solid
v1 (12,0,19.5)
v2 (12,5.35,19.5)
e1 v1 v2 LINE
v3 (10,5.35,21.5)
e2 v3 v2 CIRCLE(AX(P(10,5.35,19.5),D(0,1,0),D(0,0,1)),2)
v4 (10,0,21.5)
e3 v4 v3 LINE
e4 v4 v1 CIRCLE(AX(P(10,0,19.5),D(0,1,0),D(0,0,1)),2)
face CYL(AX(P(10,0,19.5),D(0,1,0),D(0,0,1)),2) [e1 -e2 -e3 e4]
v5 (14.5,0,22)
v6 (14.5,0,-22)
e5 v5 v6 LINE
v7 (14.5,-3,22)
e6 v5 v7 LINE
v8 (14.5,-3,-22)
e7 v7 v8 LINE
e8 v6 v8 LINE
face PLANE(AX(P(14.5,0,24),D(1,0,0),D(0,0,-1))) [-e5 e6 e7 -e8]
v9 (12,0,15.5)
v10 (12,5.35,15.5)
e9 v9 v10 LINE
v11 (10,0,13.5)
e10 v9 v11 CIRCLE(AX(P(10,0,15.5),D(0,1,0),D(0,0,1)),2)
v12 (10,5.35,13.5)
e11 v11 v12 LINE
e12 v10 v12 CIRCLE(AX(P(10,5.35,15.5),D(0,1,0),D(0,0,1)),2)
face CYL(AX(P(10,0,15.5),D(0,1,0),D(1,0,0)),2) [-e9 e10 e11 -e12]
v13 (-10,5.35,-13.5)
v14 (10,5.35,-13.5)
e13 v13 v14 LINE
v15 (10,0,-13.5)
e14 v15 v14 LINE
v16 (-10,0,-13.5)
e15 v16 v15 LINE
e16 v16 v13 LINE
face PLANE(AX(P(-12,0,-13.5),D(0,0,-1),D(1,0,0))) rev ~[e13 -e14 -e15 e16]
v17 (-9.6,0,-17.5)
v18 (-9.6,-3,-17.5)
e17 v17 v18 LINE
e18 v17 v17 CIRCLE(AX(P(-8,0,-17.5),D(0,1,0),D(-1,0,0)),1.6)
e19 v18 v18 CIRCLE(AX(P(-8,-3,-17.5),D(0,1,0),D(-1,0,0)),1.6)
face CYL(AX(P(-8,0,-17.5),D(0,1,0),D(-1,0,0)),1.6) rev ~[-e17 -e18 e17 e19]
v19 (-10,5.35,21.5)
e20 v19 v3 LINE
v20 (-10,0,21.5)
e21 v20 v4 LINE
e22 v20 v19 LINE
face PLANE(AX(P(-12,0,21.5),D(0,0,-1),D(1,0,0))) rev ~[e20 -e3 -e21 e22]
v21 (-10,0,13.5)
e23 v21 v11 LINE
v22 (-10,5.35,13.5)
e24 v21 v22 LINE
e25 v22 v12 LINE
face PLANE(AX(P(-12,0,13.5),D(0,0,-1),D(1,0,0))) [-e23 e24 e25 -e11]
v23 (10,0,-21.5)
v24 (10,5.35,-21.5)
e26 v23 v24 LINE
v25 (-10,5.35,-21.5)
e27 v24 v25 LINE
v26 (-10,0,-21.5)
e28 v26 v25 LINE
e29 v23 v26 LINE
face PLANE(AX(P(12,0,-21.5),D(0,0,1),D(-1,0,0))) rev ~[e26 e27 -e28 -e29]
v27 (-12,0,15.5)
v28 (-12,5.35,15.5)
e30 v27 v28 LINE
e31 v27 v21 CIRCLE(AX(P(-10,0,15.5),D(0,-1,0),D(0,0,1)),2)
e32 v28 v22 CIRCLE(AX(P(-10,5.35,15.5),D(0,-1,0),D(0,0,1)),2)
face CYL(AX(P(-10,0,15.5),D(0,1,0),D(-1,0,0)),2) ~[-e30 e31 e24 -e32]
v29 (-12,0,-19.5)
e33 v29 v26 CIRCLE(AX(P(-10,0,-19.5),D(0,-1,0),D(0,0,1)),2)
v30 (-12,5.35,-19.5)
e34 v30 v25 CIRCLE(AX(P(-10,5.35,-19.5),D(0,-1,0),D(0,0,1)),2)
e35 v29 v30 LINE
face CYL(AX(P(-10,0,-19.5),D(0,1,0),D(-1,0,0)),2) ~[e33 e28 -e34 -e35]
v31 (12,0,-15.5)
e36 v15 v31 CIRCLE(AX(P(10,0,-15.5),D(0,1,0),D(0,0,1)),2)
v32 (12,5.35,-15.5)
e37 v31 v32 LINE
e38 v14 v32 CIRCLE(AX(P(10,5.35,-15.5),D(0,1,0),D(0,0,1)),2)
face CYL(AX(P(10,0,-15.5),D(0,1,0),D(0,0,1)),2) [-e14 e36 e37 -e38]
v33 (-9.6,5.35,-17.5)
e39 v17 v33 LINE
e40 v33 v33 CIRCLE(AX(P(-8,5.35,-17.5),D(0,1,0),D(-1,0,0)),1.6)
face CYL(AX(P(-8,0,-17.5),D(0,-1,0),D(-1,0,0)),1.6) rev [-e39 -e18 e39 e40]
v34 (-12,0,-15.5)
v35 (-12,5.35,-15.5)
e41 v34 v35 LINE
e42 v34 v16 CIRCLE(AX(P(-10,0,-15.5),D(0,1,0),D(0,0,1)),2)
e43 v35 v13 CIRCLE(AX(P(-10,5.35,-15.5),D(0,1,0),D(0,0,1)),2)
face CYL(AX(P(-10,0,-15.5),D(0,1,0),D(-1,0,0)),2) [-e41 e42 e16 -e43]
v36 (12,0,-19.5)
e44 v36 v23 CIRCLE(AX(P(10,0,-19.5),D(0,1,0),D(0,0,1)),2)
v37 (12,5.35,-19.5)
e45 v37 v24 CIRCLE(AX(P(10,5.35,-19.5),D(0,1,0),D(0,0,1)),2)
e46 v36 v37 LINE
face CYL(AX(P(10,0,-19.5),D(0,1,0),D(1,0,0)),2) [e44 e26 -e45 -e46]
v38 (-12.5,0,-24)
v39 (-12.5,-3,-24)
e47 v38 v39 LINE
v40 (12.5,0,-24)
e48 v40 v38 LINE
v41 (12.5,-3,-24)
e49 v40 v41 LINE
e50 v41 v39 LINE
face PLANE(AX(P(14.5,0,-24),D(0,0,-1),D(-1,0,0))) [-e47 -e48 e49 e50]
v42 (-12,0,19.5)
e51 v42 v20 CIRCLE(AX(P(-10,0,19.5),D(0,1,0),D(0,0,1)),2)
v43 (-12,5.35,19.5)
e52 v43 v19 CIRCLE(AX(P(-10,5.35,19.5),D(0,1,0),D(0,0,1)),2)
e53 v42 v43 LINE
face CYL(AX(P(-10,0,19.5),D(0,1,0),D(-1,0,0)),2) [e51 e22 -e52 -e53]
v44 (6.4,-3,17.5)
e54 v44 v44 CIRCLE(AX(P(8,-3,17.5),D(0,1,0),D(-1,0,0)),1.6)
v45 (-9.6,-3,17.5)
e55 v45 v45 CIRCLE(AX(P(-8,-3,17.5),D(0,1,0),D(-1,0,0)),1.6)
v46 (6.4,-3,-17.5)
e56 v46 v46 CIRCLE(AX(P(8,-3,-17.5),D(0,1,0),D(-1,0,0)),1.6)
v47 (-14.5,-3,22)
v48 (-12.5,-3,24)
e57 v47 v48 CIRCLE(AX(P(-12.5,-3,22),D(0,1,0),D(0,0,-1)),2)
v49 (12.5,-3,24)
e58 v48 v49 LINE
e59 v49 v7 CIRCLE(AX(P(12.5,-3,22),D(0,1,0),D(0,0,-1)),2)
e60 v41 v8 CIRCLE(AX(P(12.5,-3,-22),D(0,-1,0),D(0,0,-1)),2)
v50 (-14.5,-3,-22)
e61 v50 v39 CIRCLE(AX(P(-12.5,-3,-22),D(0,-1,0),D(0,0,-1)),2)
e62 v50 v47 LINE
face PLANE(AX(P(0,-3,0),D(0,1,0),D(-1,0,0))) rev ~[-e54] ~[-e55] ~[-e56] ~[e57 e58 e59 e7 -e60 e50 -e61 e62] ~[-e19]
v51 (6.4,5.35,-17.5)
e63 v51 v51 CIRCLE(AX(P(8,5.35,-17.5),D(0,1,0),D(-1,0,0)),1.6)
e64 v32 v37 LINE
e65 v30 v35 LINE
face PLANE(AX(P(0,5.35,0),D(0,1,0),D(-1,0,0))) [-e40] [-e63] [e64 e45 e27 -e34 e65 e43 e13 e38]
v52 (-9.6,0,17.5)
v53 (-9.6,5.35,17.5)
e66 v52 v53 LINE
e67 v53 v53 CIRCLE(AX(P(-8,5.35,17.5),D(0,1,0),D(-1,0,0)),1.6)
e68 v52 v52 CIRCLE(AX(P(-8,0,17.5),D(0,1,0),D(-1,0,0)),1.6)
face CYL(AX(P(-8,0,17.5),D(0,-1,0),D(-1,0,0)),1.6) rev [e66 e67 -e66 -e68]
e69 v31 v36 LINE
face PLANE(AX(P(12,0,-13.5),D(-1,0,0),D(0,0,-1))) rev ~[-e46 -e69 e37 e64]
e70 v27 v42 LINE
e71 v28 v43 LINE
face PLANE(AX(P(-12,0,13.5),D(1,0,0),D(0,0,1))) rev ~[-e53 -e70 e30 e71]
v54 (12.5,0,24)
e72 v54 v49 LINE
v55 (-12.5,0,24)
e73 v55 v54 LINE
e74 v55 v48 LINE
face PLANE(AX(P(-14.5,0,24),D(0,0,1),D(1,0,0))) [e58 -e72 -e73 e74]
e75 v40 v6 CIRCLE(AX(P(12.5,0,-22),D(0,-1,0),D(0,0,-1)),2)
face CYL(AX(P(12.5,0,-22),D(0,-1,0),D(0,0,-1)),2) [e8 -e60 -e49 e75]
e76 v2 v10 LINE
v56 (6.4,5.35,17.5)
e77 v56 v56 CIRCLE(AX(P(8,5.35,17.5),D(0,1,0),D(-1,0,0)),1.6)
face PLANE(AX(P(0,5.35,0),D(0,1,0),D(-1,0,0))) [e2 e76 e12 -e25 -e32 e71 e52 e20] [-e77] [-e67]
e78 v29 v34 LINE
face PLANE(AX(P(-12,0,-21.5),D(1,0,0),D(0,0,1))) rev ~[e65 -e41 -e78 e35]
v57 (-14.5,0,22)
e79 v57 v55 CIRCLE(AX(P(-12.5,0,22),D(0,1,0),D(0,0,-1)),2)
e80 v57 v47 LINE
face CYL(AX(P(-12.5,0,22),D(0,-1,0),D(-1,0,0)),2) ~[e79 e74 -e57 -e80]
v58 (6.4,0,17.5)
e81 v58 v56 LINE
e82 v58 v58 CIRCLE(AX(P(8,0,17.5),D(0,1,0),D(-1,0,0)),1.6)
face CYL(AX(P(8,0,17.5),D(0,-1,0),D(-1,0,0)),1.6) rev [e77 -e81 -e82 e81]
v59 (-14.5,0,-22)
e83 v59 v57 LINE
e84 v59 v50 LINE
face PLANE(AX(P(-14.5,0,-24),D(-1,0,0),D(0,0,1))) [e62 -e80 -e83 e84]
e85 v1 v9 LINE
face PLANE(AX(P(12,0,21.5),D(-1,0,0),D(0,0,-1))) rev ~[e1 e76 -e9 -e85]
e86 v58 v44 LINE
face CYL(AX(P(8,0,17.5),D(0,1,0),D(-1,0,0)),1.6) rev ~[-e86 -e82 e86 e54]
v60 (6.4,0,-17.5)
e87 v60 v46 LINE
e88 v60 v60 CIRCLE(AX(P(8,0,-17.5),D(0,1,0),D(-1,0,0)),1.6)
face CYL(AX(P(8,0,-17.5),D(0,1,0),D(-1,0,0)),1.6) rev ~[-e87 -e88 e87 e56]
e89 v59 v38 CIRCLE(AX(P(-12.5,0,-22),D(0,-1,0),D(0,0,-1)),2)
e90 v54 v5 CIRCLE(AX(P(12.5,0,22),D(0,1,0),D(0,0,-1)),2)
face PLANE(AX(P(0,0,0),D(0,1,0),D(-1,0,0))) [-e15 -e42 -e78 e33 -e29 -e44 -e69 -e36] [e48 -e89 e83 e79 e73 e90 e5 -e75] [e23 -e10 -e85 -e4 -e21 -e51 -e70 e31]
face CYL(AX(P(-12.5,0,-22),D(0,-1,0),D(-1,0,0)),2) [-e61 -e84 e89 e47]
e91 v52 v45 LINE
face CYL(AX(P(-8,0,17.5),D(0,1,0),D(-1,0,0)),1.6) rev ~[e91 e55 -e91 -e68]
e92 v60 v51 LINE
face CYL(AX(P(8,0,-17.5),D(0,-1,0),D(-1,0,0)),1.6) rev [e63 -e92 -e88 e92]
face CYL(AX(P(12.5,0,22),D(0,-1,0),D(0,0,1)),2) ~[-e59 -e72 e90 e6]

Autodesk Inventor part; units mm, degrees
ref_plane "YZ Plane" through (0, 0, 0) normal (1, 0, 0) x (0, 1, 0)
ref_plane "XZ Plane" through (0, 0, 0) normal (0, 1, 0) x (-1, 0, 0)
ref_plane "XY Plane" through (0, 0, 0) normal (0, 0, 1) x (1, 0, 0)
sketch "Sketch1" plane through (0, 0, 0) normal (0, 1, 0) x (-1, 0, 0)
  line L0 (12, 21.5) -> (-12, 21.5)
  line L1 (-12, 21.5) -> (-12, -21.5)
  line L2 (-12, -21.5) -> (12, -21.5)
  line L3 (12, -21.5) -> (12, 21.5)
  line L4 (12.5, 22) -> (-12.5, 22)
  line L5 (-12.5, 22) -> (-12.5, -22)
  line L6 (-12.5, -22) -> (12.5, -22)
  line L7 (12.5, -22) -> (12.5, 22)
  line L8 (14.5, 24) -> (-14.5, 24)
  line L9 (-14.5, 24) -> (-14.5, -24)
  line L10 (-14.5, -24) -> (14.5, -24)
  line L11 (14.5, -24) -> (14.5, 24)
  circle A0 centre (8, 17.5) radius 1.6
  circle A1 centre (8, -17.5) radius 1.6
  circle A2 centre (-8, 17.5) radius 1.6
  circle A3 centre (-8, -17.5) radius 1.6
  line L12 (12, -13.5) -> (-12, -13.5)
  line L13 (12, 13.5) -> (-12, 13.5)
  point P0 (0, 0)
  dimension "d0" = 43
  dimension "d1" = 24
  dimension "d2" = 12
  dimension "d3" = 21.5
  dimension "d4" = 4
  dimension "d5" = 4
  dimension "d6" = 4
  dimension "d7" = 4
  dimension "d8" = 0.5
  dimension "d9" = 2
  dimension "d10" = 3.2
  dimension "d11" = 3.2
  dimension "d12" = 3.2
  dimension "d13" = 3.2
  dimension "d45" = 8
  dimension "d46" = 8
extrude "Extrusion1" add sketch "Sketch1" against normal blind 3 contours L3 L13 L1 L0 | L3 L12 L1 L13 | L3 L2 L1 L12 | L7 L6 L5 L4 | L11 L10 L9 L8 | A0 | A1 | A2 | A3
extrude "Extrusion3" cut sketch "Sketch1" against normal blind 6 contours A0 | A1 | A2 | A3
extrude "Extrusion7" add sketch "Sketch1" along normal blind 5.35 contours L3 L13 L1 L0 | L3 L2 L1 L12
fillet "Fillet3" radius 2 4 edges at (14.5, -1.5, 24) (-14.5, -1.5, 24) (14.5, -1.5, -24) (-14.5, -1.5, -24)
fillet "Fillet4" radius 2 8 edges at (12, 2.675, 21.5) (12, 2.675, 13.5) (-12, 2.675, 21.5) (-12, 2.675, 13.5) (12, 2.675, -13.5) (12, 2.675, -21.5) (-12, 2.675, -21.5) (-12, 2.675, -13.5)
equation "\"d2\" = 0.5 * d1"
equation "\"d3\" = 0.5 * d0"
equation "\"d5\" = d4"
equation "\"d6\" = d5"
equation "\"d7\" = d4"
equation "\"d10\" = d13"
equation "\"d11\" = d13"
equation "\"d12\" = d13"
properties part number "3DP_ASA_Bias_Tee_Case_Top"
